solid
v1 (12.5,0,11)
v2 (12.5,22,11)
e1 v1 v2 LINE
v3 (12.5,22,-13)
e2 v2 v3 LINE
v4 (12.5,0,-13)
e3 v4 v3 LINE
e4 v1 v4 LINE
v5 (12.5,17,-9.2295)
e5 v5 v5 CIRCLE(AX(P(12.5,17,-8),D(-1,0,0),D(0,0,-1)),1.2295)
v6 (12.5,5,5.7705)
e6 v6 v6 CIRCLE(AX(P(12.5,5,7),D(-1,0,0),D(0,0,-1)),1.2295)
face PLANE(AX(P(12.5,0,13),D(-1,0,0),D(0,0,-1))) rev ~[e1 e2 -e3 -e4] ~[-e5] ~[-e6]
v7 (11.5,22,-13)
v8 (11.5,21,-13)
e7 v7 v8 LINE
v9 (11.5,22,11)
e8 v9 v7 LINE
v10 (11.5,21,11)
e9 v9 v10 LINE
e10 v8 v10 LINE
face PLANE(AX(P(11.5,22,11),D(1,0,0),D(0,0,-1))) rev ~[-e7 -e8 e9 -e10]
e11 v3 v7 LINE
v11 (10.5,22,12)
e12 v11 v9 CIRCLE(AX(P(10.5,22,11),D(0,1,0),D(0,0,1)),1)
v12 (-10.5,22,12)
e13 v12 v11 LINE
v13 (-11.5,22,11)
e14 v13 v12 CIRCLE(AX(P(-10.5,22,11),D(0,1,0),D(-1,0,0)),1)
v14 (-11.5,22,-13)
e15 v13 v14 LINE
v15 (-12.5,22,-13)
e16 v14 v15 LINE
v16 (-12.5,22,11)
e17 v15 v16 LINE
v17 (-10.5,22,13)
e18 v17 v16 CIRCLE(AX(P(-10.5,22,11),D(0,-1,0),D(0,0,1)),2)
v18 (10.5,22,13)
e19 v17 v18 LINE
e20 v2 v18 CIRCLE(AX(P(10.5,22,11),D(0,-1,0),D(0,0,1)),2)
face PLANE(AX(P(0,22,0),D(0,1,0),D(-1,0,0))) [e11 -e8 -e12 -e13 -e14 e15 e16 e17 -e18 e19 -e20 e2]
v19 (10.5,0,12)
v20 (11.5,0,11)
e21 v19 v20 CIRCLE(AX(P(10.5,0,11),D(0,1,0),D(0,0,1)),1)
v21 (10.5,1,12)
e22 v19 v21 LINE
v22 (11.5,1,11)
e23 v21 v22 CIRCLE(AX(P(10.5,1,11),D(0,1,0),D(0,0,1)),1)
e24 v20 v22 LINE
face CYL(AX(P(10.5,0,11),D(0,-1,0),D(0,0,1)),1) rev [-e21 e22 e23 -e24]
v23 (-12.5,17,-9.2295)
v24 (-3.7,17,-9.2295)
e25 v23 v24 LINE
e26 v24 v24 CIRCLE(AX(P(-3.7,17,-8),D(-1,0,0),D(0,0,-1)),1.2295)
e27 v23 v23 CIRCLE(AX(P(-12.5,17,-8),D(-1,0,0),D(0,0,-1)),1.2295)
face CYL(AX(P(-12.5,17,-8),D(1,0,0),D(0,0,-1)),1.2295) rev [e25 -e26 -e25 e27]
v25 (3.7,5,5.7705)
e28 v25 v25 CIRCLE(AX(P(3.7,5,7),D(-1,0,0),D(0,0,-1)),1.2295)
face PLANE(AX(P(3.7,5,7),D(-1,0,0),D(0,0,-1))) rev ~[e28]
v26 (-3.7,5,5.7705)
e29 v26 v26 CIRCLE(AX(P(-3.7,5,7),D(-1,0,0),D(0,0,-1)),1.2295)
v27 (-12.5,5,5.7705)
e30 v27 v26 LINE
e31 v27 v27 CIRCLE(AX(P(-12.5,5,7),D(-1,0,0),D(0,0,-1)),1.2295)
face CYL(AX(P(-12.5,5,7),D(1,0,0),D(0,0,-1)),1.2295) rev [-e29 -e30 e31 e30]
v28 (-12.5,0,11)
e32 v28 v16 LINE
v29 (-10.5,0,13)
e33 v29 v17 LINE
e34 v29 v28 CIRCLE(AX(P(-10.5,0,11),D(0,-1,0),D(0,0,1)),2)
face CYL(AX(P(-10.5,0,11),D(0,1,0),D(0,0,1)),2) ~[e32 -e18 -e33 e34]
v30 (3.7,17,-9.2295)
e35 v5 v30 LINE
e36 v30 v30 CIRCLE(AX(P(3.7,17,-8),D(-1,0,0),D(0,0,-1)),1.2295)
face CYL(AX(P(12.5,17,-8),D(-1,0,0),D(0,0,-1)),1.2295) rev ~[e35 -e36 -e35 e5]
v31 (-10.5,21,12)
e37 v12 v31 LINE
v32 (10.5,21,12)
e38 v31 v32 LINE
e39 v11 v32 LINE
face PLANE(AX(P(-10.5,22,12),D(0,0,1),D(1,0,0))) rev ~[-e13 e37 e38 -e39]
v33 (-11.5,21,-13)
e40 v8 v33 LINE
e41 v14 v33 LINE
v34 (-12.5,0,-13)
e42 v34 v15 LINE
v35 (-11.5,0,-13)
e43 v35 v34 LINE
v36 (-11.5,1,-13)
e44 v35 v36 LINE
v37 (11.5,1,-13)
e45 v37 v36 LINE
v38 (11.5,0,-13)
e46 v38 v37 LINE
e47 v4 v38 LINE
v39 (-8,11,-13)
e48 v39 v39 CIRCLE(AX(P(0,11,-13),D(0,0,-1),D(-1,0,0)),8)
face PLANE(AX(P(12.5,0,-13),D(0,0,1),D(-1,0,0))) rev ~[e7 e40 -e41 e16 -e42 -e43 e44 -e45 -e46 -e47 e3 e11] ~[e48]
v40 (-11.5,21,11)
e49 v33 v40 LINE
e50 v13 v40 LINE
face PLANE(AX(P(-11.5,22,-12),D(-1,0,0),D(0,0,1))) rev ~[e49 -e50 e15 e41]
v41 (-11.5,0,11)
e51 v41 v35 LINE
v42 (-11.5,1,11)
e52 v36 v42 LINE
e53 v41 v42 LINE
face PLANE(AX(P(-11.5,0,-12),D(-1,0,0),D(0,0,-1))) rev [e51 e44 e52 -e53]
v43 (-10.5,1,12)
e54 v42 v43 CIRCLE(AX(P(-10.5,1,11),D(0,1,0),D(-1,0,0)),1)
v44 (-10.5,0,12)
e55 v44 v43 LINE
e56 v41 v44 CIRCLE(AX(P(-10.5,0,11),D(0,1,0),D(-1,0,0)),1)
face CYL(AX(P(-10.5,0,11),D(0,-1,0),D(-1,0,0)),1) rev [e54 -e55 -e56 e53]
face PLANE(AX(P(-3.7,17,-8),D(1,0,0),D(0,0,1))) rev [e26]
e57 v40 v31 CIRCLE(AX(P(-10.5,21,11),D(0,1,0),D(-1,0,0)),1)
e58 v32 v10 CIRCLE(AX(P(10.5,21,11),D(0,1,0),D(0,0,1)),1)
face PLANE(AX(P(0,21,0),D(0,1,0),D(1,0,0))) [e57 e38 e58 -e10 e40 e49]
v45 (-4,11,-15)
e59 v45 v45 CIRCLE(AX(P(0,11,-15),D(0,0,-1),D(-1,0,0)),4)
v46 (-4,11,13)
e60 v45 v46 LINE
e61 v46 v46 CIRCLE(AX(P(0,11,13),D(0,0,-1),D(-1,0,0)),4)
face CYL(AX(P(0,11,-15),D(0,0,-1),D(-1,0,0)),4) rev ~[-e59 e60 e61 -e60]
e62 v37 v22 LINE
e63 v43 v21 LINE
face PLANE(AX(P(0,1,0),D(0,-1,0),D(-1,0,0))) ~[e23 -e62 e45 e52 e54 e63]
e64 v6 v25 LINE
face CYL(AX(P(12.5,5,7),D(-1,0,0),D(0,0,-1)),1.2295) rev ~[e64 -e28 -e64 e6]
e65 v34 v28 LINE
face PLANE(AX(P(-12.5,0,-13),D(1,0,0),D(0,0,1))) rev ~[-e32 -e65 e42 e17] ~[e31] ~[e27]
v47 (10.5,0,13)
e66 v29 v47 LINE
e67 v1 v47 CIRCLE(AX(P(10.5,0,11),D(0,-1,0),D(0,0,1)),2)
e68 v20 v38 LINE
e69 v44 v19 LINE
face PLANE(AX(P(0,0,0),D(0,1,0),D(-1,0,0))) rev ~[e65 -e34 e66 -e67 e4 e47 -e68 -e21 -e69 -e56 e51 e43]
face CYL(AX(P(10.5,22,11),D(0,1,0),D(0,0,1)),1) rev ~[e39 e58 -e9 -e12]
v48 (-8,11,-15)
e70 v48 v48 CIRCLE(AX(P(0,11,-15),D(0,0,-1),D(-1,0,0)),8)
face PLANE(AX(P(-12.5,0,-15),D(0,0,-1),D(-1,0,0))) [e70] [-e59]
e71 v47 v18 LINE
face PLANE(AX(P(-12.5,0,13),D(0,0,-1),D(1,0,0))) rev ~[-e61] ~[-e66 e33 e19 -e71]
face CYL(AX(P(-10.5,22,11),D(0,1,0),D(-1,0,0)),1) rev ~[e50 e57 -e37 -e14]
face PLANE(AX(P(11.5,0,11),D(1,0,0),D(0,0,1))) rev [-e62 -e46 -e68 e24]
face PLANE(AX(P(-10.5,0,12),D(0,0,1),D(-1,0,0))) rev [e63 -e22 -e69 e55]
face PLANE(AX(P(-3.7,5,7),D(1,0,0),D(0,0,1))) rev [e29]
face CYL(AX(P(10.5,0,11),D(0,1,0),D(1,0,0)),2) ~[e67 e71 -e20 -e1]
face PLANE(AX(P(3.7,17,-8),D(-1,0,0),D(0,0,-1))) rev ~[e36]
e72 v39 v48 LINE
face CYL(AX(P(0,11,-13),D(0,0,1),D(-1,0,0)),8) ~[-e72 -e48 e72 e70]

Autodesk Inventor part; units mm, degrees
ref_plane "YZ Plane" through (0, 0, 0) normal (1, 0, 0) x (0, 1, 0)
ref_plane "XY Plane" through (0, 0, 0) normal (0, 0, 1) x (1, 0, 0)
sketch "Sketch2" plane through (0, 0, 0) normal (0, 1, 0) x (-1, 0, 0)
  line L0 (-12.5, -13) -> (12.5, -13)
  line L1 (12.5, -13) -> (12.5, 13)
  line L2 (12.5, 13) -> (-12.5, 13)
  line L3 (-12.5, 13) -> (-12.5, -13)
  line L4 (-12.5, -13) -> (12.5, 13) construction
  line L5 (12.5, -13) -> (-12.5, 13) construction
  point P0 (0, 0)
  dimension "d0" = 25
  dimension "d1" = 26
extrude "Extrusion1" add sketch "Sketch2" along normal blind 22
sketch "Sketch3" plane through (12.5, 0, 13) normal (1, 0, 0) x (0, 0, -1)
  line L0 (0, 0) -> (26, 0) projected
  line L1 (0, 22) -> (26, 22) projected
  line L2 (0, 0) -> (0, 22) projected
  point P0 (13, 0)
  point P1 (6, 5)
  point P2 (21, 17)
  dimension "d4" = 12
  dimension "d5" = 5
  dimension "d6" = 5
  dimension "d7" = 6
  dimension "d8" = 15
hole "Hole1" at (12.5, 5, 7) at (12.5, 17, -8) direction (-1, 0, 0) diameter 2.459 depth 8.8 thread size "M3x0.5" class "6H" standard "ISO Metric profile"
mirror "Mirror1" about plane through (0, 0, 0) normal (1, 0, 0) of "Hole1"
fillet "Fillet1" radius 2 2 edges at (12.5, 11, 13) (-12.5, 11, 13)
sketch "Sketch4" plane through (0, 22, 0) normal (0, 1, 0) x (1, 0, 0)
  arc A0 (-12.5, -11) -> (-10.5, -13) centre (-10.5, -11) ccw construction
  line L0 (-10.5, -13) -> (10.5, -13) construction
  arc A1 (10.5, -13) -> (12.5, -11) centre (10.5, -11) ccw construction
  line L1 (12.5, -11) -> (12.5, 13) construction
  line L2 (12.5, 13) -> (-12.5, 13) construction
  line L3 (-12.5, 13) -> (-12.5, -11) construction
  arc A2 (-11.5, -11) -> (-10.5, -12) centre (-10.5, -11) ccw
  line L4 (-10.5, -12) -> (10.5, -12)
  arc A3 (10.5, -12) -> (11.5, -11) centre (10.5, -11) ccw
  line L5 (11.5, -11) -> (11.5, 12)
  line L6 (11.5, 12) -> (-11.5, 12)
  line L7 (-11.5, 12) -> (-11.5, -11)
  line L8 (12.5, 13) -> (-12.5, 13) projected
  line L9 (-11.5, 12) -> (11.5, 12)
  line L10 (11.5, 12) -> (11.5, 13)
  line L11 (11.5, 13) -> (-11.5, 13)
  line L12 (-11.5, 13) -> (-11.5, 12)
  point P0 (0, 0)
  dimension "d17" = 1
extrude "Extrusion2" cut sketch "Sketch4" against normal blind 1
ref_plane "Work Plane1" through (0, 11, 0) normal (0, 1, 0) x (-1, 0, 0)
mirror "Mirror2" about plane through (0, 11, 0) normal (0, 1, 0) of "Extrusion2"
sketch "Sketch5" plane through (-12.5, 0, -13) normal (0, 0, -1) x (-1, 0, 0)
  line L0 (-25, 0) -> (-25, 22) construction
  line L1 (0, 0) -> (0, 22) construction
  line L2 (-25, 0) -> (0, 22) construction
  line L3 (-25, 22) -> (-24, 22) construction
  line L4 (-25, 22) -> (0, 0) construction
  circle A0 centre (-12.5, 11) radius 8
  point P0 (-12.5, 0)
  dimension "d21" = 16
extrude "Extrusion3" add sketch "Sketch5" along normal blind 2
sketch "Sketch6" plane through (0, 11, -15) normal (0, 0, -1) x (-1, 0, 0)
  circle A0 centre (0, 0) radius 4
  point P0 (0, -11)
  dimension "d24" = 8
extrude "Extrusion4" cut sketch "Sketch6" against normal through all
equation "\"d5\" = d6"
properties part number "main_block"
